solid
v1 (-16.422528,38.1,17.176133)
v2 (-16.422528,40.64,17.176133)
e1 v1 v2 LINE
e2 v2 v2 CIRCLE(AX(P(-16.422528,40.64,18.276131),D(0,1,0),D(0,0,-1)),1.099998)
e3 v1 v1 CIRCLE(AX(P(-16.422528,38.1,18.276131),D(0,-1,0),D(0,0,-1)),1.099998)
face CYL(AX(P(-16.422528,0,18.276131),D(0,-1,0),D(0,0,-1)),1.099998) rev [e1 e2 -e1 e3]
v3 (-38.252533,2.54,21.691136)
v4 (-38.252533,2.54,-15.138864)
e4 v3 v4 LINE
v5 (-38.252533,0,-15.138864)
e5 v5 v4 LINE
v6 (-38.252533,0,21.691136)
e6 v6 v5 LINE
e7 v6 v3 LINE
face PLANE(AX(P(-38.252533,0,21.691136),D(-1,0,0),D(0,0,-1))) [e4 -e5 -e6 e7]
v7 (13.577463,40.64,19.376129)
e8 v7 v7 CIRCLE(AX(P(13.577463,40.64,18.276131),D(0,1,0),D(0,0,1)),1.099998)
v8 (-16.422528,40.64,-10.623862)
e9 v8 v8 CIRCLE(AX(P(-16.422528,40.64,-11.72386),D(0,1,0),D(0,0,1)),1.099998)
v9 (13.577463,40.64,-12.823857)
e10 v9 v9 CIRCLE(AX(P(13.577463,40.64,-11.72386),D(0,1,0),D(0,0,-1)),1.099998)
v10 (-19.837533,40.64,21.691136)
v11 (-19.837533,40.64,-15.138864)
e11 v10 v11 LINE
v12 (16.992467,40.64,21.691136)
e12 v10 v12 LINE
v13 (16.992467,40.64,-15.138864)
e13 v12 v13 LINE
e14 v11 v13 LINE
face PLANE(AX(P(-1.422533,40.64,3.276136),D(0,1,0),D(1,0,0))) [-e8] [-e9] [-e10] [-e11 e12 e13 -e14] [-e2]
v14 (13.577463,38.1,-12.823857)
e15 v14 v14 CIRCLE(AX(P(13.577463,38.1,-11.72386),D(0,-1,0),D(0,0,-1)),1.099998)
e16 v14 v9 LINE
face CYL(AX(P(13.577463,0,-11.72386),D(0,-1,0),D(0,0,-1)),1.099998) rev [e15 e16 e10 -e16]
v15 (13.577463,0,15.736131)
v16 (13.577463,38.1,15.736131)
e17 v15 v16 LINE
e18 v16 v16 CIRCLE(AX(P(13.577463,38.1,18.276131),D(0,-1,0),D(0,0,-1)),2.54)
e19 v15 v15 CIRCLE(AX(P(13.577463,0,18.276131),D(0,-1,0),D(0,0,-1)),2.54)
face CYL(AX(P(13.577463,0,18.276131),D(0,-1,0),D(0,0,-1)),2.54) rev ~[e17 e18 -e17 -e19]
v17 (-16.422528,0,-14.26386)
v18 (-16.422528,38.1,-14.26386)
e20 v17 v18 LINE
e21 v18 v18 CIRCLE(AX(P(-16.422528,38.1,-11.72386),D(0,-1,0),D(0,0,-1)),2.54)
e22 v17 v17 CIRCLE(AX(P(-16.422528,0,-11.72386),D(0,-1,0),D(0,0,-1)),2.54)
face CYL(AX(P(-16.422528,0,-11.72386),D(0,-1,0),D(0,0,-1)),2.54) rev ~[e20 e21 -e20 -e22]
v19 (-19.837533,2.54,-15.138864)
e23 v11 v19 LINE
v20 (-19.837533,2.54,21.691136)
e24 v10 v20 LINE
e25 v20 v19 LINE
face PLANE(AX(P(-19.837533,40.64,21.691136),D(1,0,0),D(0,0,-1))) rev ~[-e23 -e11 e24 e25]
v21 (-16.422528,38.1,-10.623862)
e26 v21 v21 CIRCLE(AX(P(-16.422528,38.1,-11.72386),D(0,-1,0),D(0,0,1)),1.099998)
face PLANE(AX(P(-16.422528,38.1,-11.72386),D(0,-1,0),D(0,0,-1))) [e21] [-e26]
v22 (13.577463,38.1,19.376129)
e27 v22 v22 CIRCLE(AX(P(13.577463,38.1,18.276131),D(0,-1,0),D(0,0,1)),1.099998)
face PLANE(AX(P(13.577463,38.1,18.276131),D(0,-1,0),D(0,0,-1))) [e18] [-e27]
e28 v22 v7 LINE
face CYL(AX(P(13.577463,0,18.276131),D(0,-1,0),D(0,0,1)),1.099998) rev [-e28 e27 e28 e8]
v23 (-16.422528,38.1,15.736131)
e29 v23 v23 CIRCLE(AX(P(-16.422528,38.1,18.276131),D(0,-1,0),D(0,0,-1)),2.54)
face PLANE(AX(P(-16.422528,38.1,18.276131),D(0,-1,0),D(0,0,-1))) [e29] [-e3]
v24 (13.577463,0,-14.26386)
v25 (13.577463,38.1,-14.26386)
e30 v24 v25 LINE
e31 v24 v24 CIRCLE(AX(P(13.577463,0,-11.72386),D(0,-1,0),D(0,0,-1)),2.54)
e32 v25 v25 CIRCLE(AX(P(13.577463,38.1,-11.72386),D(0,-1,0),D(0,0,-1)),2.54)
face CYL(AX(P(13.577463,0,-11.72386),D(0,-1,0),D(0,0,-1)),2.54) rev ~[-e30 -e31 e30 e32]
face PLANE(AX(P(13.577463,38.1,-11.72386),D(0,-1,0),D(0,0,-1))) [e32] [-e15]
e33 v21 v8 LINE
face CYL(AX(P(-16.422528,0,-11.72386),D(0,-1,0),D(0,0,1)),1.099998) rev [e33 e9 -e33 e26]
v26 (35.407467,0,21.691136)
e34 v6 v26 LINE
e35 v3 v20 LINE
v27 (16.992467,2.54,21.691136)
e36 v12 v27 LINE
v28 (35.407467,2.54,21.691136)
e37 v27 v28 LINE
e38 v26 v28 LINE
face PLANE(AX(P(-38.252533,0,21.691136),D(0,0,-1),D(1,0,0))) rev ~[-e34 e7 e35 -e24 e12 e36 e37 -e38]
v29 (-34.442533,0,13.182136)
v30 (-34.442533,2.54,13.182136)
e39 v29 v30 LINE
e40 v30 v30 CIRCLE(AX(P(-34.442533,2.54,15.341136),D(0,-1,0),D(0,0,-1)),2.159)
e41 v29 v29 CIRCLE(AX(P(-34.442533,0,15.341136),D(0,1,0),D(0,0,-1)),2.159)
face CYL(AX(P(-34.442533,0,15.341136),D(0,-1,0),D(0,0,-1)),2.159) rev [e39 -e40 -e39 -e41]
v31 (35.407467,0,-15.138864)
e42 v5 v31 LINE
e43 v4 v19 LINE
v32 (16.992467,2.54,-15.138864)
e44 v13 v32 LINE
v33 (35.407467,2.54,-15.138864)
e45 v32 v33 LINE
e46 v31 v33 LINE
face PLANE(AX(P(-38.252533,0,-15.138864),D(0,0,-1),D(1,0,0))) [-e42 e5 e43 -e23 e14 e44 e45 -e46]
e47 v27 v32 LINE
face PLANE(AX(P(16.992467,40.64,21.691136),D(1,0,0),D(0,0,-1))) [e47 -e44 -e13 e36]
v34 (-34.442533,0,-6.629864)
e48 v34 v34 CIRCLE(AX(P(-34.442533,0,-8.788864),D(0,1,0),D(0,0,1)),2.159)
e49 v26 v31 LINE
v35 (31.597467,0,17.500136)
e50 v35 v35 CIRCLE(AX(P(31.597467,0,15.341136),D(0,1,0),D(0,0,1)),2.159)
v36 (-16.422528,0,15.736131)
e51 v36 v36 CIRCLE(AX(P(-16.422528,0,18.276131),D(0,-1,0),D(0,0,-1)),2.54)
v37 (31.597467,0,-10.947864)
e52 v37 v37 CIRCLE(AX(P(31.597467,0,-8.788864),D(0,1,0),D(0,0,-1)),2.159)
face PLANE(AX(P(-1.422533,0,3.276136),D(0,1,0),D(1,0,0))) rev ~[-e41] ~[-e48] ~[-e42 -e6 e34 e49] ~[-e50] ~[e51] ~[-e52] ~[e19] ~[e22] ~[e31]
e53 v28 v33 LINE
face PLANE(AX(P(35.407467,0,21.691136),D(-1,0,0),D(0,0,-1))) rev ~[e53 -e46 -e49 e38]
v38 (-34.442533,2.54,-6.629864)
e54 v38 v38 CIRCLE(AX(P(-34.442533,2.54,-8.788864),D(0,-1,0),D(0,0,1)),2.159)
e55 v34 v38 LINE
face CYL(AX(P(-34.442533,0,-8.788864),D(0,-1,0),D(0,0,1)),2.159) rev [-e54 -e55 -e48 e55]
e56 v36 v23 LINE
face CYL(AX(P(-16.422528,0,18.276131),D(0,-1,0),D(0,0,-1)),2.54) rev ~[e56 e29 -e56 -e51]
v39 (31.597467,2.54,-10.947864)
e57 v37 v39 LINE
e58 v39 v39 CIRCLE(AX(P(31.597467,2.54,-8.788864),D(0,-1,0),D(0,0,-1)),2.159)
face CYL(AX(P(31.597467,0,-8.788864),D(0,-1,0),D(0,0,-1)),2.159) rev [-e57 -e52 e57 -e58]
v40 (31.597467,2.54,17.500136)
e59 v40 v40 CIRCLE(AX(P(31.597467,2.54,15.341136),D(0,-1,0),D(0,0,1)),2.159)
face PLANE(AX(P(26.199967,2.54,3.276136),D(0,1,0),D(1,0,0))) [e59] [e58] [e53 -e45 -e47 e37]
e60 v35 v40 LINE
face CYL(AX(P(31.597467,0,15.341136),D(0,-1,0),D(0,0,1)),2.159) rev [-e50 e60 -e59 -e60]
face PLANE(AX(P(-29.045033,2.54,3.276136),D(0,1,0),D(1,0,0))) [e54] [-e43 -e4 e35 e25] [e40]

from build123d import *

# Parameters (mm, degrees)
SKETCH1_W           = 73.66
SKETCH1_H           = 36.83
SKETCH1_R           = 1.0999978
SKETCH1_R_2         = 2.159
BOSS_EXTRUDE1_DEPTH = 40.64
SKETCH3_R           = 2.54
CUT_EXTRUDE2_DEPTH  = 38.1
SKETCH4_W           = 18.415
SKETCH4_H           = 36.83
CUT_EXTRUDE3_DEPTH  = 38.1


with BuildPart() as part:
    # Sketch1 → Boss-Extrude1 (new body)
    with BuildSketch(Plane(origin=(0, 0, 0), x_dir=(1, 0, 0), z_dir=(0, 1, 0))):
        with Locations((-1.422532637, -3.27613577)):
            Rectangle(SKETCH1_W, SKETCH1_H)
        with Locations(Location((-16.422528037, 11.72385963, 0), (0, 0, 270))):
            Circle(SKETCH1_R, mode=Mode.SUBTRACT)
        with Locations(Location((13.577462763, 11.72385963, 0), (0, 0, 90))):
            Circle(SKETCH1_R, mode=Mode.SUBTRACT)
        with Locations(Location((13.577462763, -18.27613117, 0), (0, 0, 270))):
            Circle(SKETCH1_R, mode=Mode.SUBTRACT)
        with Locations(Location((-16.422528037, -18.27613117, 0), (0, 0, 90))):
            Circle(SKETCH1_R, mode=Mode.SUBTRACT)
        with Locations(Location((31.597467363, -15.34113577, 0), (0, 0, 270))):
            Circle(SKETCH1_R_2, mode=Mode.SUBTRACT)
        with Locations(Location((31.597467363, 8.78886423, 0), (0, 0, 90))):
            Circle(SKETCH1_R_2, mode=Mode.SUBTRACT)
        with Locations(Location((-34.442532637, -15.34113577, 0), (0, 0, 90))):
            Circle(SKETCH1_R_2, mode=Mode.SUBTRACT)
        with Locations(Location((-34.442532637, 8.78886423, 0), (0, 0, 270))):
            Circle(SKETCH1_R_2, mode=Mode.SUBTRACT)
    extrude(amount=BOSS_EXTRUDE1_DEPTH)

    # Sketch3 → Cut-Extrude2 (cut)
    with BuildSketch(Plane.XZ):
        with Locations(Location((-16.422528037, 18.27613117, 0), (0, 0, 270))):
            Circle(SKETCH3_R)
        with Locations(Location((13.577462763, 18.27613117, 0), (0, 0, 270))):
            Circle(SKETCH3_R)
        with Locations(Location((13.577462763, -11.72385963, 0), (0, 0, 270))):
            Circle(SKETCH3_R)
        with Locations(Location((-16.422528037, -11.72385963, 0), (0, 0, 270))):
            Circle(SKETCH3_R)
    extrude(amount=-CUT_EXTRUDE2_DEPTH, mode=Mode.SUBTRACT)

    # Sketch4 → Cut-Extrude3 (cut)
    with BuildSketch(Plane(origin=(0, 40.64, 0), x_dir=(1, 0, 0), z_dir=(0, 1, 0))):
        with Locations((-29.045032637, -3.27613577)):
            Rectangle(SKETCH4_W, SKETCH4_H)
        with Locations((26.199967363, -3.27613577)):
            Rectangle(SKETCH4_W, SKETCH4_H)
    extrude(amount=-CUT_EXTRUDE3_DEPTH, mode=Mode.SUBTRACT)


solid = part.part
